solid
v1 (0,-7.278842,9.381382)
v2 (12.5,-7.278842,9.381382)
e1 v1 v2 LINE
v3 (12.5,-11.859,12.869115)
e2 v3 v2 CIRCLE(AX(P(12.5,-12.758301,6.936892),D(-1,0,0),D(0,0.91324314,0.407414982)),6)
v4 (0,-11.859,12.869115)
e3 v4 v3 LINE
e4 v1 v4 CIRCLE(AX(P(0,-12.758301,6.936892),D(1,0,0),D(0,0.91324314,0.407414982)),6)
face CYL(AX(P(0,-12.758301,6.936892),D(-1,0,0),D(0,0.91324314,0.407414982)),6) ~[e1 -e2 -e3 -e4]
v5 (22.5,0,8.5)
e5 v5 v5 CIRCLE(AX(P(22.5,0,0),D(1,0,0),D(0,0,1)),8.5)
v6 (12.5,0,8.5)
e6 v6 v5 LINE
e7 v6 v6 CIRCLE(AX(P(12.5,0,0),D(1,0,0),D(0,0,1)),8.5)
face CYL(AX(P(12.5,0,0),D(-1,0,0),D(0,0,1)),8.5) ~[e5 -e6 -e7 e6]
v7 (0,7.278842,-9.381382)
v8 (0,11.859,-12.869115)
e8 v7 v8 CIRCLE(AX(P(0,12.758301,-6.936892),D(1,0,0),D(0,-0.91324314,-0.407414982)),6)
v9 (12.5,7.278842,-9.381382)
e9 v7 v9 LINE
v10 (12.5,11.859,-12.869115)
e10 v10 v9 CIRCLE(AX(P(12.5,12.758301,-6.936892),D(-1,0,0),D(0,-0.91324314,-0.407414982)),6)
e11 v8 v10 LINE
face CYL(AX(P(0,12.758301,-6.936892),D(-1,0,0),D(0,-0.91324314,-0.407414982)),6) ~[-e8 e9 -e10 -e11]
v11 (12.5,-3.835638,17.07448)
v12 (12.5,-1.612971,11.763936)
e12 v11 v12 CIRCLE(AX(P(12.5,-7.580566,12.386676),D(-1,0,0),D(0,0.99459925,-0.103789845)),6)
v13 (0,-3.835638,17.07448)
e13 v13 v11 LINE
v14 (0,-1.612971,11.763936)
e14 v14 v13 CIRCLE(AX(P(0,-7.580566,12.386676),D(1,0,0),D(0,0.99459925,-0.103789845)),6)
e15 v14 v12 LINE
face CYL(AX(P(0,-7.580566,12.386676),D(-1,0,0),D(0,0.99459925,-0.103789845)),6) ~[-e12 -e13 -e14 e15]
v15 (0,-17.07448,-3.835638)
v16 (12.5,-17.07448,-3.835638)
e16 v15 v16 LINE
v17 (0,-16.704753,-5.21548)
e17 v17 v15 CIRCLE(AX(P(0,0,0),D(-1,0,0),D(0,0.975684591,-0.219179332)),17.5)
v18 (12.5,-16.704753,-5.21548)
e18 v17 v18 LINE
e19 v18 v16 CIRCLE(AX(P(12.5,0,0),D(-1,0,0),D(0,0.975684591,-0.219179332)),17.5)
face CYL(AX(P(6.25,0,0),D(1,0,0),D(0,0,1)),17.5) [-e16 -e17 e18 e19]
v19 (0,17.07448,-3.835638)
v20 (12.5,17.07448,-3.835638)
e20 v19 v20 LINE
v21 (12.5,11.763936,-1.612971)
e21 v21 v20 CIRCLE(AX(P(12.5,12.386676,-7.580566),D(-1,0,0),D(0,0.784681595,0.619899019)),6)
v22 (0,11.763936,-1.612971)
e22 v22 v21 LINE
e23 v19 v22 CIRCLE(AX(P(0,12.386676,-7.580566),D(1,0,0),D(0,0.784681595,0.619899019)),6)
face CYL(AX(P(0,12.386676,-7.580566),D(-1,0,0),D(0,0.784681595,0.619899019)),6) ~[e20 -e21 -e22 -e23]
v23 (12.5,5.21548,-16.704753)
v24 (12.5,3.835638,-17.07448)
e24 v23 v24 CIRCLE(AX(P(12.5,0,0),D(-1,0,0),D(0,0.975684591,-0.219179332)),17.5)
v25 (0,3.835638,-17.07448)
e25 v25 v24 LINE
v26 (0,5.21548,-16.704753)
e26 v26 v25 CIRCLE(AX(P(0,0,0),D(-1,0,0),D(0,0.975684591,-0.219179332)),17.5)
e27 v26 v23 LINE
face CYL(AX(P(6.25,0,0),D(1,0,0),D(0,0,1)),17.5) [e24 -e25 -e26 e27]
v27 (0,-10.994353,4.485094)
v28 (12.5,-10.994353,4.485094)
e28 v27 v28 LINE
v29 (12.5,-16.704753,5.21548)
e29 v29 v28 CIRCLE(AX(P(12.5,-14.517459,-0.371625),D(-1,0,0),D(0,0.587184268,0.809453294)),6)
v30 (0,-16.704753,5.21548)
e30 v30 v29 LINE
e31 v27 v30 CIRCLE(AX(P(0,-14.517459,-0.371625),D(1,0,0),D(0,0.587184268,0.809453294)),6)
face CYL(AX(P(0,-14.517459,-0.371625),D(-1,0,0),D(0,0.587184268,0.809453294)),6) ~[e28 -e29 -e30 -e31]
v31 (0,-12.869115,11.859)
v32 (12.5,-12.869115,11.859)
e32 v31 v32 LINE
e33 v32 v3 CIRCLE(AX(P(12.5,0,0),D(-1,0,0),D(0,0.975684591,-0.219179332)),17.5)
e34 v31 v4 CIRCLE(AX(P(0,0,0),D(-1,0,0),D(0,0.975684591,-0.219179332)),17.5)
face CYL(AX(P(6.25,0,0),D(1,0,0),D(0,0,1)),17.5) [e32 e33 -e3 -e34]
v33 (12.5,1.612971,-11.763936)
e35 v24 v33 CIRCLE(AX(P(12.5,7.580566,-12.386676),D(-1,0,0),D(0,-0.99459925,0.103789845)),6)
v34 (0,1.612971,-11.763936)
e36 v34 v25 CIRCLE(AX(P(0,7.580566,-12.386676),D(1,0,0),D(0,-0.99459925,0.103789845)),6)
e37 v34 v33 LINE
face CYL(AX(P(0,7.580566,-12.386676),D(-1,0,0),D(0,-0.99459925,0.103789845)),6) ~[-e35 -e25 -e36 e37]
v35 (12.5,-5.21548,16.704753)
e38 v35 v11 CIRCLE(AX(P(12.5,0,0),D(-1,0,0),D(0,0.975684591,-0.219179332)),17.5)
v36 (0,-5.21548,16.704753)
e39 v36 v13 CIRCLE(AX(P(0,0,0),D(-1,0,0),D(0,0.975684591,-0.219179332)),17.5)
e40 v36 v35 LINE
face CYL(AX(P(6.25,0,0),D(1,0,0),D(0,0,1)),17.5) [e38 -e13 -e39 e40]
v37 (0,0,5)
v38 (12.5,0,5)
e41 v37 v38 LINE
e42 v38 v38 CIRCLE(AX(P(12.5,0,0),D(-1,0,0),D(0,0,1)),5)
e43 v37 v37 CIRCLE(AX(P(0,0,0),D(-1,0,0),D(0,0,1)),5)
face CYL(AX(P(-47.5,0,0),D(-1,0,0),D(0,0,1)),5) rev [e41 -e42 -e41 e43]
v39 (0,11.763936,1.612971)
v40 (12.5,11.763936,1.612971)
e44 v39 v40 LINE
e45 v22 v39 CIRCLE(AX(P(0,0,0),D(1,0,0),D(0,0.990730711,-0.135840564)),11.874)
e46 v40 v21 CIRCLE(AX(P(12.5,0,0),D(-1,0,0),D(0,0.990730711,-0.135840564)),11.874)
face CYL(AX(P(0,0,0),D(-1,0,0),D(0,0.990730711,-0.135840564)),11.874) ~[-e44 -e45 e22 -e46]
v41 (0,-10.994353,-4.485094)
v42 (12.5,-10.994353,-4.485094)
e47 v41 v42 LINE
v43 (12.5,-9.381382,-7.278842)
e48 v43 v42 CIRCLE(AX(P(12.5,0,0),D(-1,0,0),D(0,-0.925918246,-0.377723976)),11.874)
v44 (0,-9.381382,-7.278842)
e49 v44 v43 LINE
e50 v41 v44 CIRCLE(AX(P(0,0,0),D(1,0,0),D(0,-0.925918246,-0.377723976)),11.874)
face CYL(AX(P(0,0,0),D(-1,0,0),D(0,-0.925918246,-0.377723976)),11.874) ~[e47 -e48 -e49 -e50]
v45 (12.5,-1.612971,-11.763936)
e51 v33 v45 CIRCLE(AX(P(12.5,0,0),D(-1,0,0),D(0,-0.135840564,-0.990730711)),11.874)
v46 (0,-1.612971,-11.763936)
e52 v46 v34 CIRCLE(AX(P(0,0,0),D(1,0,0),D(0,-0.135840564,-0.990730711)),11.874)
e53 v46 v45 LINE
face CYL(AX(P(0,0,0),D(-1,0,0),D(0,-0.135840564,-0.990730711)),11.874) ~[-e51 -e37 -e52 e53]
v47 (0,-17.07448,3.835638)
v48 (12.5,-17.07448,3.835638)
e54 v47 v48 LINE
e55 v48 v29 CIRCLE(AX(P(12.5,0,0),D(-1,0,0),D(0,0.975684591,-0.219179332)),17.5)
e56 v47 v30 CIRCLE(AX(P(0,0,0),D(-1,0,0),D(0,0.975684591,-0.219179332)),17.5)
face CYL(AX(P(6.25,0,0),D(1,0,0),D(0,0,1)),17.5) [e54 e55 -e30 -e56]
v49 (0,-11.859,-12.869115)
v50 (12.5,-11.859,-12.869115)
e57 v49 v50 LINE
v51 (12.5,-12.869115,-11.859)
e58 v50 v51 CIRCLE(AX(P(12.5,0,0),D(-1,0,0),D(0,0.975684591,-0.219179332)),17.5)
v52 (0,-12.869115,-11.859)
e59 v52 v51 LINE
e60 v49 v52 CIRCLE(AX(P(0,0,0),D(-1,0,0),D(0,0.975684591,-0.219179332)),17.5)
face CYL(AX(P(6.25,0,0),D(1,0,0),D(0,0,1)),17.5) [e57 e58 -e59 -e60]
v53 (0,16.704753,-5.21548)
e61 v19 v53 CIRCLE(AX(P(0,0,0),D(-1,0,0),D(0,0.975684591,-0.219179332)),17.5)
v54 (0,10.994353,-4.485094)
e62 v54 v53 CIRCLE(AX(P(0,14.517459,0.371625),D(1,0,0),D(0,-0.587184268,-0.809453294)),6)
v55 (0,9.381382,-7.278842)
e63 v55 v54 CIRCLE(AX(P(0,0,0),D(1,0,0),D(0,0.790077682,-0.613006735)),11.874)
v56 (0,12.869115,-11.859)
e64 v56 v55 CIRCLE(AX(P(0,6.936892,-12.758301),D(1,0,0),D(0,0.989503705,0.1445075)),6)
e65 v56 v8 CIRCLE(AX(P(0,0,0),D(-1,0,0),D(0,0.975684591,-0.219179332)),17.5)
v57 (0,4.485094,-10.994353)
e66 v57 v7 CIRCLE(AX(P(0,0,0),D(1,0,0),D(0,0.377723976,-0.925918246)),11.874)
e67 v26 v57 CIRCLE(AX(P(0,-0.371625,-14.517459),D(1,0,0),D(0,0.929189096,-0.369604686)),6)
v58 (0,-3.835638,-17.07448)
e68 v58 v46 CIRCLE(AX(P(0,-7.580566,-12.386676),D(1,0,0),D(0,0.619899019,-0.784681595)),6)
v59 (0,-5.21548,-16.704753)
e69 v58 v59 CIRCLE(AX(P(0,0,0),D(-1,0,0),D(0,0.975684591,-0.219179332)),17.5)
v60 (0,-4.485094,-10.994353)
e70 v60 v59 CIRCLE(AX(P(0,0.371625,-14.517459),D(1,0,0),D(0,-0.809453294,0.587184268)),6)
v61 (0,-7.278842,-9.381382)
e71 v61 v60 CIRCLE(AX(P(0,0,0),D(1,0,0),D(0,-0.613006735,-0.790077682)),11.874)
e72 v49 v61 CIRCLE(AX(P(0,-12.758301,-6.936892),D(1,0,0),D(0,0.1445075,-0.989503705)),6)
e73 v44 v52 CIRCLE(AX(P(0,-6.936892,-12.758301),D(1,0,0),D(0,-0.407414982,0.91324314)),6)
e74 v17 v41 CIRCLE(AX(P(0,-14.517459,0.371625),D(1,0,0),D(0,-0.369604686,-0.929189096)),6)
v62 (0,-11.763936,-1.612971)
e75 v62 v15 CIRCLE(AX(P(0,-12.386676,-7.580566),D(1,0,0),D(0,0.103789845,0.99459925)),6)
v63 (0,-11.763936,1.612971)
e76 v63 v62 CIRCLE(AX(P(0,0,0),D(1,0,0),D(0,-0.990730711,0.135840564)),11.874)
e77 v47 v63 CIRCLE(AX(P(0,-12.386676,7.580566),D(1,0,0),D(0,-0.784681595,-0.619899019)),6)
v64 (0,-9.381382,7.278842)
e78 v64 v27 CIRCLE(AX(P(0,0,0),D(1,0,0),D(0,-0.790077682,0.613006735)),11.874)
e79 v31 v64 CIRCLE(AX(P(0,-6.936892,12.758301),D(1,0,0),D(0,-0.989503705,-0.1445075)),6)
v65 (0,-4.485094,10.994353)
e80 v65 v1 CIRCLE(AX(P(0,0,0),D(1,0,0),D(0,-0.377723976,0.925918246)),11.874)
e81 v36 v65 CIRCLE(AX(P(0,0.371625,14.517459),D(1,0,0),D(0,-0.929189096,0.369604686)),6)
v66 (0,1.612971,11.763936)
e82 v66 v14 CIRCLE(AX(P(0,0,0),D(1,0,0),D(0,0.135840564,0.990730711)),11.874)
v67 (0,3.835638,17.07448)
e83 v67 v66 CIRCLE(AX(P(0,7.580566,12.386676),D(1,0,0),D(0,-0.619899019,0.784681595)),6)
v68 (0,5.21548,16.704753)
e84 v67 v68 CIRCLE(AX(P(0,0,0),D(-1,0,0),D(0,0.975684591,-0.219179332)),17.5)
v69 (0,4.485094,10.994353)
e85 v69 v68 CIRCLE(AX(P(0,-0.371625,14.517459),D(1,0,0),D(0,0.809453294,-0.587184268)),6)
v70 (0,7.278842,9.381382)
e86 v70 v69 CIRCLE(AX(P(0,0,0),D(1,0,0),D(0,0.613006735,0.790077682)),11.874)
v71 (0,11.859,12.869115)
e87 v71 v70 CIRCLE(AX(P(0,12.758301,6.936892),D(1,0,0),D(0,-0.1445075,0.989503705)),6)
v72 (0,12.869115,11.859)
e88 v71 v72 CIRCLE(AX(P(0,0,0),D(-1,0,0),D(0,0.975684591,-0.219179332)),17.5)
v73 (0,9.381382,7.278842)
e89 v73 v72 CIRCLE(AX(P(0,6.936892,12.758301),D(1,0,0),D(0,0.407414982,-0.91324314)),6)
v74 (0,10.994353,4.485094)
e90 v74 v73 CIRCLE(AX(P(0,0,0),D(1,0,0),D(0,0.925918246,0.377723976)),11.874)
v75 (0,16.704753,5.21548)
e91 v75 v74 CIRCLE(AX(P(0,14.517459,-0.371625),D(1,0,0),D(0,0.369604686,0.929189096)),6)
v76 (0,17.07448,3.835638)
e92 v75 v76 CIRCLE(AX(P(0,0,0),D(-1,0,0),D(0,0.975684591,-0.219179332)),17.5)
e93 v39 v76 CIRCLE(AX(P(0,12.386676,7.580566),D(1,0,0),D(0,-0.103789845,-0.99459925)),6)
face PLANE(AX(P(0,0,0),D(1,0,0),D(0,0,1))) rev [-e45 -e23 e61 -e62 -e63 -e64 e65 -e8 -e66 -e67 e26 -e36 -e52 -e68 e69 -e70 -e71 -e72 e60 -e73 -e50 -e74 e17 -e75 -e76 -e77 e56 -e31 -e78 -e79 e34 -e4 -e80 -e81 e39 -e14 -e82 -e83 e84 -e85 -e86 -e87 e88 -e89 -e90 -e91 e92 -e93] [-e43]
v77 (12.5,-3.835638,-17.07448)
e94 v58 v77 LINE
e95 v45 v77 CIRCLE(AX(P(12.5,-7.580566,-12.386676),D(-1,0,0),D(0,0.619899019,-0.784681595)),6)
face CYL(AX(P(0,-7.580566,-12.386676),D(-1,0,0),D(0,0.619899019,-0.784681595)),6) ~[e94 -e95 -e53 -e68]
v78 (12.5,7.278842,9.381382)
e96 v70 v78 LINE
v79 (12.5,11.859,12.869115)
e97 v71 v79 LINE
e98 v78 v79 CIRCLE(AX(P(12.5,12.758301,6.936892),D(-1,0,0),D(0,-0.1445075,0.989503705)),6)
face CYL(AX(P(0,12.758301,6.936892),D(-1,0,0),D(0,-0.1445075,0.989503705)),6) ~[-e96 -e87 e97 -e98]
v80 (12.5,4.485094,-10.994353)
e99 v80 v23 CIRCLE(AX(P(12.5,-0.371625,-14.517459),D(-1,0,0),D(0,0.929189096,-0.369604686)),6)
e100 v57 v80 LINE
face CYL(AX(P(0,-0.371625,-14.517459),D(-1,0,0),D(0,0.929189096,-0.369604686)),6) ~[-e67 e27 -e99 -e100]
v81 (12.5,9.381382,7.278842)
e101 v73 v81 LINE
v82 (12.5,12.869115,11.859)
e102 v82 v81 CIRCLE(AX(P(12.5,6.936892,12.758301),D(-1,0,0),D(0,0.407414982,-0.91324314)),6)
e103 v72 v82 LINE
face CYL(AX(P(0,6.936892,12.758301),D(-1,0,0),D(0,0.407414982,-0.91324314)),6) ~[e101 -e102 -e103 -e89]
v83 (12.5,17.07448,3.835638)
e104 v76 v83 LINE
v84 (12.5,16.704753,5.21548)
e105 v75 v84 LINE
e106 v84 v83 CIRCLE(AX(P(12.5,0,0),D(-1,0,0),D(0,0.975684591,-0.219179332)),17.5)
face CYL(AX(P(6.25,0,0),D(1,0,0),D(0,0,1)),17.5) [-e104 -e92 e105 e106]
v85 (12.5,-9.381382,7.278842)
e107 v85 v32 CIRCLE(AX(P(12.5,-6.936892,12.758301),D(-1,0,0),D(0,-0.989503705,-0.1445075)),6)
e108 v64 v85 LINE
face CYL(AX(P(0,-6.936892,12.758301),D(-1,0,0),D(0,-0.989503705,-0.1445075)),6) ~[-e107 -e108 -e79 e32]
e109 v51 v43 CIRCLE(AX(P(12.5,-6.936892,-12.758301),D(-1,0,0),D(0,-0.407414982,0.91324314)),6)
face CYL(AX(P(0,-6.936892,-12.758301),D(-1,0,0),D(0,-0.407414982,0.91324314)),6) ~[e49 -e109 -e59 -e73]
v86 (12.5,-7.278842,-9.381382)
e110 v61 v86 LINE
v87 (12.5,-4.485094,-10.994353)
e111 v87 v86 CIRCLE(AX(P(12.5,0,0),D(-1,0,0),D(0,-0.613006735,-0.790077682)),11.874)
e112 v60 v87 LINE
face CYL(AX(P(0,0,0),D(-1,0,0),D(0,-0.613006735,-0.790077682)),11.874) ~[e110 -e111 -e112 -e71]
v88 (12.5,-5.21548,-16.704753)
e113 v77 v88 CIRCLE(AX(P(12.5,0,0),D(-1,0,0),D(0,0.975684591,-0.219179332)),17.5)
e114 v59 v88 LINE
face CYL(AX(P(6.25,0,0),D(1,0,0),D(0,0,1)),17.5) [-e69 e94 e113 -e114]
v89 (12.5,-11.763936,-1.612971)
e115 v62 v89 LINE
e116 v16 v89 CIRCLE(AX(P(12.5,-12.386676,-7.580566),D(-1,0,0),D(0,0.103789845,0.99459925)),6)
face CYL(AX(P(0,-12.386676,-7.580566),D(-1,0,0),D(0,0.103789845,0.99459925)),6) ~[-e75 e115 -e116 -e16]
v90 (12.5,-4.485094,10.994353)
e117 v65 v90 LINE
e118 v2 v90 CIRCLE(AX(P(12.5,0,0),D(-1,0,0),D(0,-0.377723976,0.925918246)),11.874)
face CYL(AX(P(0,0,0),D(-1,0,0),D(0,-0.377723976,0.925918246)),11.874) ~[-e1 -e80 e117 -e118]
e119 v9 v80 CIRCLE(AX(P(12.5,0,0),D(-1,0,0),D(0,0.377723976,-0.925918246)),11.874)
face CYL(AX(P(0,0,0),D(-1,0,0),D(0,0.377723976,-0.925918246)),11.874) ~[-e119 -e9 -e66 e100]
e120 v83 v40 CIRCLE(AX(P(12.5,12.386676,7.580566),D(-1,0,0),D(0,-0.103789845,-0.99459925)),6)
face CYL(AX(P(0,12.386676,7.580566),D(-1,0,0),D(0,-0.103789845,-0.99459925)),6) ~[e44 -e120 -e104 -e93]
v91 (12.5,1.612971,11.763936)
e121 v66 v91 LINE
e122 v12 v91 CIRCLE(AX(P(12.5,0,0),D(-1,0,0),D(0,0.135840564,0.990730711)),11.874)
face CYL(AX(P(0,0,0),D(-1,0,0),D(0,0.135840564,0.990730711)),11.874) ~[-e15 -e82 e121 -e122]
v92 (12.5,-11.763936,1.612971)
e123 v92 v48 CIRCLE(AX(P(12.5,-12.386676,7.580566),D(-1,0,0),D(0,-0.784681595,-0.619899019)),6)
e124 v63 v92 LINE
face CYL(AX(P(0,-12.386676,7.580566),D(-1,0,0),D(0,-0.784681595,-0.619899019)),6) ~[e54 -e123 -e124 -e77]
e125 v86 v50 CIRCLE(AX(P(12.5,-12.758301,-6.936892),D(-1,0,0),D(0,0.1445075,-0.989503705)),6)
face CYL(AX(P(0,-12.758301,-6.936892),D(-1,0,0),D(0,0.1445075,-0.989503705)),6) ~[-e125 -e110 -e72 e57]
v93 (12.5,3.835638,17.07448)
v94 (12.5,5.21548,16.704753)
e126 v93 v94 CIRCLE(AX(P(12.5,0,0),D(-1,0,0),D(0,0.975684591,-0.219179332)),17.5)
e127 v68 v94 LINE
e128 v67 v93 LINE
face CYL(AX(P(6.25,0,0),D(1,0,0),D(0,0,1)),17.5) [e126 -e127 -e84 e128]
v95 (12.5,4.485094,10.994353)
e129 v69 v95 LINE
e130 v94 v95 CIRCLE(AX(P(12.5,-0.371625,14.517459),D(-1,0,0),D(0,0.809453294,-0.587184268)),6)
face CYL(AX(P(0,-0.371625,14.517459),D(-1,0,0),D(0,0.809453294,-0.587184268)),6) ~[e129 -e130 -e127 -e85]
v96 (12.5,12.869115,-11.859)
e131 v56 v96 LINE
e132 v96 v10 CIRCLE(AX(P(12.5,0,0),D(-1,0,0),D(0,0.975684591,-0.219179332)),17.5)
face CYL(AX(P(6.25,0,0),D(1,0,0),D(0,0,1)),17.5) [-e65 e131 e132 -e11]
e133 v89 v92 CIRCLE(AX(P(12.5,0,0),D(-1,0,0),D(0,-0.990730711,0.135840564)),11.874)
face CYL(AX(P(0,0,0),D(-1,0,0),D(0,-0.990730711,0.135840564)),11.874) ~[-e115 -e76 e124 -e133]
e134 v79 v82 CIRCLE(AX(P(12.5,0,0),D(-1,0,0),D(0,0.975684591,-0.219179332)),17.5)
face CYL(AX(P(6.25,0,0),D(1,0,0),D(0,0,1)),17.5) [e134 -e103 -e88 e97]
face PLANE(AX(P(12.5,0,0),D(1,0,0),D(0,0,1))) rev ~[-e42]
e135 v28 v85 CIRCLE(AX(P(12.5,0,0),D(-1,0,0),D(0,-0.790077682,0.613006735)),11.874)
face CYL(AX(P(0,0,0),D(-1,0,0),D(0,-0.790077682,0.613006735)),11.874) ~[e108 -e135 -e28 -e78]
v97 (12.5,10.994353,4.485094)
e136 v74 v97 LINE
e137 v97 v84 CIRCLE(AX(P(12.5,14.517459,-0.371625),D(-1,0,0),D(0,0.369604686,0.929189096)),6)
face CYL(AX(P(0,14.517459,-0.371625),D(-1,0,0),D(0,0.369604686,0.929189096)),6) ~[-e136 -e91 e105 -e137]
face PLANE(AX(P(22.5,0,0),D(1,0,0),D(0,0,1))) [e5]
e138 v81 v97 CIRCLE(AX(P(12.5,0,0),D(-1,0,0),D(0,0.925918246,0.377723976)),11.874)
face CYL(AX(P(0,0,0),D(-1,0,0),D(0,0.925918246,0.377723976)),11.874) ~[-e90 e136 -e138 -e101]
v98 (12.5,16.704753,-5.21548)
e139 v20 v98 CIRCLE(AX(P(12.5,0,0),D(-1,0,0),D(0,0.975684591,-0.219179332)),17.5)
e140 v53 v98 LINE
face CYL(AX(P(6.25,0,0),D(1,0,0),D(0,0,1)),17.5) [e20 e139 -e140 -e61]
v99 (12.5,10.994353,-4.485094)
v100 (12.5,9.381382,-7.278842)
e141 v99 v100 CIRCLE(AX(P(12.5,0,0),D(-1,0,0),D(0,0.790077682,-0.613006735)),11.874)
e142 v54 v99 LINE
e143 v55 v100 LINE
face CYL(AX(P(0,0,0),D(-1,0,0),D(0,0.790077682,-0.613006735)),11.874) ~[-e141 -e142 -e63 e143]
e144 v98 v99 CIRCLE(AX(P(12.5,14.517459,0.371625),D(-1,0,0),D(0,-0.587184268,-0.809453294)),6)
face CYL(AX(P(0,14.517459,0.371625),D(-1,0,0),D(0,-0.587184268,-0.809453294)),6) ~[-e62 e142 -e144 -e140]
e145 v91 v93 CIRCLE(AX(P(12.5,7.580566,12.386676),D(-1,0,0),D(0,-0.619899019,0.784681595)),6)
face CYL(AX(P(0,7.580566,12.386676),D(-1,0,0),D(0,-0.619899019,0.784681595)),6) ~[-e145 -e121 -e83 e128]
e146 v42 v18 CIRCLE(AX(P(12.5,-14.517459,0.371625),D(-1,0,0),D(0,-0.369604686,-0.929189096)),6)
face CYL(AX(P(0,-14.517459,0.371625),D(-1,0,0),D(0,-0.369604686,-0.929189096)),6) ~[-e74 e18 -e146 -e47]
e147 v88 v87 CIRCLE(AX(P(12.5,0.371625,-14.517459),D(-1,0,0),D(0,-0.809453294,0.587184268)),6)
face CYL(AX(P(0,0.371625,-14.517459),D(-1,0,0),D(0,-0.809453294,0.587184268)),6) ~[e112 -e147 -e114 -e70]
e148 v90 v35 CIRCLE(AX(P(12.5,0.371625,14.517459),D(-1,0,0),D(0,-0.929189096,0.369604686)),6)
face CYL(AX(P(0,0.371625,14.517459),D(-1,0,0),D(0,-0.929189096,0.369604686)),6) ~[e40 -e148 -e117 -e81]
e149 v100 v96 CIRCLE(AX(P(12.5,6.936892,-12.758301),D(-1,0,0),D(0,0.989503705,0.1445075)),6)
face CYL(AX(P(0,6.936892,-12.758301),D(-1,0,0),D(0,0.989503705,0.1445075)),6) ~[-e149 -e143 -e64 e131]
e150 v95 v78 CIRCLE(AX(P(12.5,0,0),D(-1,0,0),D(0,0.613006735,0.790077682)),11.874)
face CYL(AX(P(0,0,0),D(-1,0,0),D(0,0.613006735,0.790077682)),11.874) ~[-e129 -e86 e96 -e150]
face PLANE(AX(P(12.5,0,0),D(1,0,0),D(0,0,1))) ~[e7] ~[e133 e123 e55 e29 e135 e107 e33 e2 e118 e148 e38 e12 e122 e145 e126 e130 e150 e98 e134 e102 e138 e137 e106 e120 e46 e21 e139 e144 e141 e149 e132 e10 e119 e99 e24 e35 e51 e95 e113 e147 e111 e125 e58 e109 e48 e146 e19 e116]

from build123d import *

# Parameters (mm, degrees)
BASPROSKE_W                  = 12.5
BASPROSKE_H                  = 17.5
TOOTHCUT_DEPTH               = 28.726341266
TEETHCUTS_COUNT              = 12
TEETHCUTS_ANGLE              = 330
BORSKE_R                     = 0.75
BORE_DEPTH                   = 50.0000508
ENL_V_MAT_EXTRU_2_DEPTH      = 10
ENL_V_MAT_EXTRU_2_DEPTH_BACK = 60
ESQUISSE1_R                  = 5
ESQUISSE2_R                  = 8.5
BOSS_EXTRU_1_DEPTH           = 10


with BuildPart() as part:
    # BasProSke → Base-Revolve (revolve)
    with BuildSketch(Plane(origin=(0, 0, 0), x_dir=(1, 0, 0), z_dir=(0, 1, 0)), mode=Mode.PRIVATE) as base_revolve_sk:
        with Locations((6.25, 8.75)):
            Rectangle(BASPROSKE_W, BASPROSKE_H)
    revolve(base_revolve_sk.sketch.rotate(Axis((-10, 0, 0), (1, 0, 0)), 180), axis=Axis((-10, 0, 0), (1, 0, 0)))

    # TooCutSke → ToothCut (cut, through all)
    with BuildSketch(Plane(origin=(0, 0, 0), x_dir=(0, 0, -1), z_dir=(1, 0, 0))):
        with BuildLine():
            ThreePointArc((1.612970859, 11.763936459), (0, 11.874), (-1.612970859, 11.763936459))
            ThreePointArc((-1.612970859, 11.763936459), (-2.052105863, 14.718225349), (-3.861172246, 17.094765107))
            ThreePointArc((-3.861172246, 17.094765107), (0, 17.5254), (3.861172246, 17.094765107))
            ThreePointArc((3.861172246, 17.094765107), (2.052105863, 14.718225349), (1.612970859, 11.763936459))
        make_face()
    toothcut = extrude(amount=TOOTHCUT_DEPTH, mode=Mode.SUBTRACT)

    # TeethCuts: ToothCut ×12 about axis
    teethcuts_axis = Axis((-10, 0, 0), (1, 0, 0))
    for i in range(1, TEETHCUTS_COUNT):
        add(toothcut.rotate(teethcuts_axis, i * TEETHCUTS_ANGLE / (TEETHCUTS_COUNT - 1)), mode=Mode.SUBTRACT)

    # BorSke → Bore (cut, symmetric)
    with BuildSketch(Plane(origin=(0, 0, 0), x_dir=(0, 0, -1), z_dir=(1, 0, 0))):
        with Locations(Location((0, 0, 0), (0, 0, 180))):
            Circle(BORSKE_R)
    extrude(amount=BORE_DEPTH, both=True, mode=Mode.SUBTRACT)

    # Esquisse1 → Enlèv. mat.-Extru.2 (cut, two sides: drawn at the far end of the back side and taken through both)
    with BuildSketch(Plane(origin=(12.5, 0, 0), x_dir=(0, 0, -1), z_dir=(1, 0, 0)).offset(-ENL_V_MAT_EXTRU_2_DEPTH_BACK)):
        with Locations(Location((0, 0, 0), (0, 0, 180))):
            Circle(ESQUISSE1_R)
    extrude(amount=ENL_V_MAT_EXTRU_2_DEPTH + ENL_V_MAT_EXTRU_2_DEPTH_BACK, mode=Mode.SUBTRACT)

    # Esquisse2 → Boss.-Extru.1 (add)
    with BuildSketch(Plane(origin=(12.5, 0, 0), x_dir=(0, 0, -1), z_dir=(1, 0, 0))):
        with Locations(Location((0, 0, 0), (0, 0, 180))):
            Circle(ESQUISSE2_R)
    extrude(amount=BOSS_EXTRU_1_DEPTH)


solid = part.part
